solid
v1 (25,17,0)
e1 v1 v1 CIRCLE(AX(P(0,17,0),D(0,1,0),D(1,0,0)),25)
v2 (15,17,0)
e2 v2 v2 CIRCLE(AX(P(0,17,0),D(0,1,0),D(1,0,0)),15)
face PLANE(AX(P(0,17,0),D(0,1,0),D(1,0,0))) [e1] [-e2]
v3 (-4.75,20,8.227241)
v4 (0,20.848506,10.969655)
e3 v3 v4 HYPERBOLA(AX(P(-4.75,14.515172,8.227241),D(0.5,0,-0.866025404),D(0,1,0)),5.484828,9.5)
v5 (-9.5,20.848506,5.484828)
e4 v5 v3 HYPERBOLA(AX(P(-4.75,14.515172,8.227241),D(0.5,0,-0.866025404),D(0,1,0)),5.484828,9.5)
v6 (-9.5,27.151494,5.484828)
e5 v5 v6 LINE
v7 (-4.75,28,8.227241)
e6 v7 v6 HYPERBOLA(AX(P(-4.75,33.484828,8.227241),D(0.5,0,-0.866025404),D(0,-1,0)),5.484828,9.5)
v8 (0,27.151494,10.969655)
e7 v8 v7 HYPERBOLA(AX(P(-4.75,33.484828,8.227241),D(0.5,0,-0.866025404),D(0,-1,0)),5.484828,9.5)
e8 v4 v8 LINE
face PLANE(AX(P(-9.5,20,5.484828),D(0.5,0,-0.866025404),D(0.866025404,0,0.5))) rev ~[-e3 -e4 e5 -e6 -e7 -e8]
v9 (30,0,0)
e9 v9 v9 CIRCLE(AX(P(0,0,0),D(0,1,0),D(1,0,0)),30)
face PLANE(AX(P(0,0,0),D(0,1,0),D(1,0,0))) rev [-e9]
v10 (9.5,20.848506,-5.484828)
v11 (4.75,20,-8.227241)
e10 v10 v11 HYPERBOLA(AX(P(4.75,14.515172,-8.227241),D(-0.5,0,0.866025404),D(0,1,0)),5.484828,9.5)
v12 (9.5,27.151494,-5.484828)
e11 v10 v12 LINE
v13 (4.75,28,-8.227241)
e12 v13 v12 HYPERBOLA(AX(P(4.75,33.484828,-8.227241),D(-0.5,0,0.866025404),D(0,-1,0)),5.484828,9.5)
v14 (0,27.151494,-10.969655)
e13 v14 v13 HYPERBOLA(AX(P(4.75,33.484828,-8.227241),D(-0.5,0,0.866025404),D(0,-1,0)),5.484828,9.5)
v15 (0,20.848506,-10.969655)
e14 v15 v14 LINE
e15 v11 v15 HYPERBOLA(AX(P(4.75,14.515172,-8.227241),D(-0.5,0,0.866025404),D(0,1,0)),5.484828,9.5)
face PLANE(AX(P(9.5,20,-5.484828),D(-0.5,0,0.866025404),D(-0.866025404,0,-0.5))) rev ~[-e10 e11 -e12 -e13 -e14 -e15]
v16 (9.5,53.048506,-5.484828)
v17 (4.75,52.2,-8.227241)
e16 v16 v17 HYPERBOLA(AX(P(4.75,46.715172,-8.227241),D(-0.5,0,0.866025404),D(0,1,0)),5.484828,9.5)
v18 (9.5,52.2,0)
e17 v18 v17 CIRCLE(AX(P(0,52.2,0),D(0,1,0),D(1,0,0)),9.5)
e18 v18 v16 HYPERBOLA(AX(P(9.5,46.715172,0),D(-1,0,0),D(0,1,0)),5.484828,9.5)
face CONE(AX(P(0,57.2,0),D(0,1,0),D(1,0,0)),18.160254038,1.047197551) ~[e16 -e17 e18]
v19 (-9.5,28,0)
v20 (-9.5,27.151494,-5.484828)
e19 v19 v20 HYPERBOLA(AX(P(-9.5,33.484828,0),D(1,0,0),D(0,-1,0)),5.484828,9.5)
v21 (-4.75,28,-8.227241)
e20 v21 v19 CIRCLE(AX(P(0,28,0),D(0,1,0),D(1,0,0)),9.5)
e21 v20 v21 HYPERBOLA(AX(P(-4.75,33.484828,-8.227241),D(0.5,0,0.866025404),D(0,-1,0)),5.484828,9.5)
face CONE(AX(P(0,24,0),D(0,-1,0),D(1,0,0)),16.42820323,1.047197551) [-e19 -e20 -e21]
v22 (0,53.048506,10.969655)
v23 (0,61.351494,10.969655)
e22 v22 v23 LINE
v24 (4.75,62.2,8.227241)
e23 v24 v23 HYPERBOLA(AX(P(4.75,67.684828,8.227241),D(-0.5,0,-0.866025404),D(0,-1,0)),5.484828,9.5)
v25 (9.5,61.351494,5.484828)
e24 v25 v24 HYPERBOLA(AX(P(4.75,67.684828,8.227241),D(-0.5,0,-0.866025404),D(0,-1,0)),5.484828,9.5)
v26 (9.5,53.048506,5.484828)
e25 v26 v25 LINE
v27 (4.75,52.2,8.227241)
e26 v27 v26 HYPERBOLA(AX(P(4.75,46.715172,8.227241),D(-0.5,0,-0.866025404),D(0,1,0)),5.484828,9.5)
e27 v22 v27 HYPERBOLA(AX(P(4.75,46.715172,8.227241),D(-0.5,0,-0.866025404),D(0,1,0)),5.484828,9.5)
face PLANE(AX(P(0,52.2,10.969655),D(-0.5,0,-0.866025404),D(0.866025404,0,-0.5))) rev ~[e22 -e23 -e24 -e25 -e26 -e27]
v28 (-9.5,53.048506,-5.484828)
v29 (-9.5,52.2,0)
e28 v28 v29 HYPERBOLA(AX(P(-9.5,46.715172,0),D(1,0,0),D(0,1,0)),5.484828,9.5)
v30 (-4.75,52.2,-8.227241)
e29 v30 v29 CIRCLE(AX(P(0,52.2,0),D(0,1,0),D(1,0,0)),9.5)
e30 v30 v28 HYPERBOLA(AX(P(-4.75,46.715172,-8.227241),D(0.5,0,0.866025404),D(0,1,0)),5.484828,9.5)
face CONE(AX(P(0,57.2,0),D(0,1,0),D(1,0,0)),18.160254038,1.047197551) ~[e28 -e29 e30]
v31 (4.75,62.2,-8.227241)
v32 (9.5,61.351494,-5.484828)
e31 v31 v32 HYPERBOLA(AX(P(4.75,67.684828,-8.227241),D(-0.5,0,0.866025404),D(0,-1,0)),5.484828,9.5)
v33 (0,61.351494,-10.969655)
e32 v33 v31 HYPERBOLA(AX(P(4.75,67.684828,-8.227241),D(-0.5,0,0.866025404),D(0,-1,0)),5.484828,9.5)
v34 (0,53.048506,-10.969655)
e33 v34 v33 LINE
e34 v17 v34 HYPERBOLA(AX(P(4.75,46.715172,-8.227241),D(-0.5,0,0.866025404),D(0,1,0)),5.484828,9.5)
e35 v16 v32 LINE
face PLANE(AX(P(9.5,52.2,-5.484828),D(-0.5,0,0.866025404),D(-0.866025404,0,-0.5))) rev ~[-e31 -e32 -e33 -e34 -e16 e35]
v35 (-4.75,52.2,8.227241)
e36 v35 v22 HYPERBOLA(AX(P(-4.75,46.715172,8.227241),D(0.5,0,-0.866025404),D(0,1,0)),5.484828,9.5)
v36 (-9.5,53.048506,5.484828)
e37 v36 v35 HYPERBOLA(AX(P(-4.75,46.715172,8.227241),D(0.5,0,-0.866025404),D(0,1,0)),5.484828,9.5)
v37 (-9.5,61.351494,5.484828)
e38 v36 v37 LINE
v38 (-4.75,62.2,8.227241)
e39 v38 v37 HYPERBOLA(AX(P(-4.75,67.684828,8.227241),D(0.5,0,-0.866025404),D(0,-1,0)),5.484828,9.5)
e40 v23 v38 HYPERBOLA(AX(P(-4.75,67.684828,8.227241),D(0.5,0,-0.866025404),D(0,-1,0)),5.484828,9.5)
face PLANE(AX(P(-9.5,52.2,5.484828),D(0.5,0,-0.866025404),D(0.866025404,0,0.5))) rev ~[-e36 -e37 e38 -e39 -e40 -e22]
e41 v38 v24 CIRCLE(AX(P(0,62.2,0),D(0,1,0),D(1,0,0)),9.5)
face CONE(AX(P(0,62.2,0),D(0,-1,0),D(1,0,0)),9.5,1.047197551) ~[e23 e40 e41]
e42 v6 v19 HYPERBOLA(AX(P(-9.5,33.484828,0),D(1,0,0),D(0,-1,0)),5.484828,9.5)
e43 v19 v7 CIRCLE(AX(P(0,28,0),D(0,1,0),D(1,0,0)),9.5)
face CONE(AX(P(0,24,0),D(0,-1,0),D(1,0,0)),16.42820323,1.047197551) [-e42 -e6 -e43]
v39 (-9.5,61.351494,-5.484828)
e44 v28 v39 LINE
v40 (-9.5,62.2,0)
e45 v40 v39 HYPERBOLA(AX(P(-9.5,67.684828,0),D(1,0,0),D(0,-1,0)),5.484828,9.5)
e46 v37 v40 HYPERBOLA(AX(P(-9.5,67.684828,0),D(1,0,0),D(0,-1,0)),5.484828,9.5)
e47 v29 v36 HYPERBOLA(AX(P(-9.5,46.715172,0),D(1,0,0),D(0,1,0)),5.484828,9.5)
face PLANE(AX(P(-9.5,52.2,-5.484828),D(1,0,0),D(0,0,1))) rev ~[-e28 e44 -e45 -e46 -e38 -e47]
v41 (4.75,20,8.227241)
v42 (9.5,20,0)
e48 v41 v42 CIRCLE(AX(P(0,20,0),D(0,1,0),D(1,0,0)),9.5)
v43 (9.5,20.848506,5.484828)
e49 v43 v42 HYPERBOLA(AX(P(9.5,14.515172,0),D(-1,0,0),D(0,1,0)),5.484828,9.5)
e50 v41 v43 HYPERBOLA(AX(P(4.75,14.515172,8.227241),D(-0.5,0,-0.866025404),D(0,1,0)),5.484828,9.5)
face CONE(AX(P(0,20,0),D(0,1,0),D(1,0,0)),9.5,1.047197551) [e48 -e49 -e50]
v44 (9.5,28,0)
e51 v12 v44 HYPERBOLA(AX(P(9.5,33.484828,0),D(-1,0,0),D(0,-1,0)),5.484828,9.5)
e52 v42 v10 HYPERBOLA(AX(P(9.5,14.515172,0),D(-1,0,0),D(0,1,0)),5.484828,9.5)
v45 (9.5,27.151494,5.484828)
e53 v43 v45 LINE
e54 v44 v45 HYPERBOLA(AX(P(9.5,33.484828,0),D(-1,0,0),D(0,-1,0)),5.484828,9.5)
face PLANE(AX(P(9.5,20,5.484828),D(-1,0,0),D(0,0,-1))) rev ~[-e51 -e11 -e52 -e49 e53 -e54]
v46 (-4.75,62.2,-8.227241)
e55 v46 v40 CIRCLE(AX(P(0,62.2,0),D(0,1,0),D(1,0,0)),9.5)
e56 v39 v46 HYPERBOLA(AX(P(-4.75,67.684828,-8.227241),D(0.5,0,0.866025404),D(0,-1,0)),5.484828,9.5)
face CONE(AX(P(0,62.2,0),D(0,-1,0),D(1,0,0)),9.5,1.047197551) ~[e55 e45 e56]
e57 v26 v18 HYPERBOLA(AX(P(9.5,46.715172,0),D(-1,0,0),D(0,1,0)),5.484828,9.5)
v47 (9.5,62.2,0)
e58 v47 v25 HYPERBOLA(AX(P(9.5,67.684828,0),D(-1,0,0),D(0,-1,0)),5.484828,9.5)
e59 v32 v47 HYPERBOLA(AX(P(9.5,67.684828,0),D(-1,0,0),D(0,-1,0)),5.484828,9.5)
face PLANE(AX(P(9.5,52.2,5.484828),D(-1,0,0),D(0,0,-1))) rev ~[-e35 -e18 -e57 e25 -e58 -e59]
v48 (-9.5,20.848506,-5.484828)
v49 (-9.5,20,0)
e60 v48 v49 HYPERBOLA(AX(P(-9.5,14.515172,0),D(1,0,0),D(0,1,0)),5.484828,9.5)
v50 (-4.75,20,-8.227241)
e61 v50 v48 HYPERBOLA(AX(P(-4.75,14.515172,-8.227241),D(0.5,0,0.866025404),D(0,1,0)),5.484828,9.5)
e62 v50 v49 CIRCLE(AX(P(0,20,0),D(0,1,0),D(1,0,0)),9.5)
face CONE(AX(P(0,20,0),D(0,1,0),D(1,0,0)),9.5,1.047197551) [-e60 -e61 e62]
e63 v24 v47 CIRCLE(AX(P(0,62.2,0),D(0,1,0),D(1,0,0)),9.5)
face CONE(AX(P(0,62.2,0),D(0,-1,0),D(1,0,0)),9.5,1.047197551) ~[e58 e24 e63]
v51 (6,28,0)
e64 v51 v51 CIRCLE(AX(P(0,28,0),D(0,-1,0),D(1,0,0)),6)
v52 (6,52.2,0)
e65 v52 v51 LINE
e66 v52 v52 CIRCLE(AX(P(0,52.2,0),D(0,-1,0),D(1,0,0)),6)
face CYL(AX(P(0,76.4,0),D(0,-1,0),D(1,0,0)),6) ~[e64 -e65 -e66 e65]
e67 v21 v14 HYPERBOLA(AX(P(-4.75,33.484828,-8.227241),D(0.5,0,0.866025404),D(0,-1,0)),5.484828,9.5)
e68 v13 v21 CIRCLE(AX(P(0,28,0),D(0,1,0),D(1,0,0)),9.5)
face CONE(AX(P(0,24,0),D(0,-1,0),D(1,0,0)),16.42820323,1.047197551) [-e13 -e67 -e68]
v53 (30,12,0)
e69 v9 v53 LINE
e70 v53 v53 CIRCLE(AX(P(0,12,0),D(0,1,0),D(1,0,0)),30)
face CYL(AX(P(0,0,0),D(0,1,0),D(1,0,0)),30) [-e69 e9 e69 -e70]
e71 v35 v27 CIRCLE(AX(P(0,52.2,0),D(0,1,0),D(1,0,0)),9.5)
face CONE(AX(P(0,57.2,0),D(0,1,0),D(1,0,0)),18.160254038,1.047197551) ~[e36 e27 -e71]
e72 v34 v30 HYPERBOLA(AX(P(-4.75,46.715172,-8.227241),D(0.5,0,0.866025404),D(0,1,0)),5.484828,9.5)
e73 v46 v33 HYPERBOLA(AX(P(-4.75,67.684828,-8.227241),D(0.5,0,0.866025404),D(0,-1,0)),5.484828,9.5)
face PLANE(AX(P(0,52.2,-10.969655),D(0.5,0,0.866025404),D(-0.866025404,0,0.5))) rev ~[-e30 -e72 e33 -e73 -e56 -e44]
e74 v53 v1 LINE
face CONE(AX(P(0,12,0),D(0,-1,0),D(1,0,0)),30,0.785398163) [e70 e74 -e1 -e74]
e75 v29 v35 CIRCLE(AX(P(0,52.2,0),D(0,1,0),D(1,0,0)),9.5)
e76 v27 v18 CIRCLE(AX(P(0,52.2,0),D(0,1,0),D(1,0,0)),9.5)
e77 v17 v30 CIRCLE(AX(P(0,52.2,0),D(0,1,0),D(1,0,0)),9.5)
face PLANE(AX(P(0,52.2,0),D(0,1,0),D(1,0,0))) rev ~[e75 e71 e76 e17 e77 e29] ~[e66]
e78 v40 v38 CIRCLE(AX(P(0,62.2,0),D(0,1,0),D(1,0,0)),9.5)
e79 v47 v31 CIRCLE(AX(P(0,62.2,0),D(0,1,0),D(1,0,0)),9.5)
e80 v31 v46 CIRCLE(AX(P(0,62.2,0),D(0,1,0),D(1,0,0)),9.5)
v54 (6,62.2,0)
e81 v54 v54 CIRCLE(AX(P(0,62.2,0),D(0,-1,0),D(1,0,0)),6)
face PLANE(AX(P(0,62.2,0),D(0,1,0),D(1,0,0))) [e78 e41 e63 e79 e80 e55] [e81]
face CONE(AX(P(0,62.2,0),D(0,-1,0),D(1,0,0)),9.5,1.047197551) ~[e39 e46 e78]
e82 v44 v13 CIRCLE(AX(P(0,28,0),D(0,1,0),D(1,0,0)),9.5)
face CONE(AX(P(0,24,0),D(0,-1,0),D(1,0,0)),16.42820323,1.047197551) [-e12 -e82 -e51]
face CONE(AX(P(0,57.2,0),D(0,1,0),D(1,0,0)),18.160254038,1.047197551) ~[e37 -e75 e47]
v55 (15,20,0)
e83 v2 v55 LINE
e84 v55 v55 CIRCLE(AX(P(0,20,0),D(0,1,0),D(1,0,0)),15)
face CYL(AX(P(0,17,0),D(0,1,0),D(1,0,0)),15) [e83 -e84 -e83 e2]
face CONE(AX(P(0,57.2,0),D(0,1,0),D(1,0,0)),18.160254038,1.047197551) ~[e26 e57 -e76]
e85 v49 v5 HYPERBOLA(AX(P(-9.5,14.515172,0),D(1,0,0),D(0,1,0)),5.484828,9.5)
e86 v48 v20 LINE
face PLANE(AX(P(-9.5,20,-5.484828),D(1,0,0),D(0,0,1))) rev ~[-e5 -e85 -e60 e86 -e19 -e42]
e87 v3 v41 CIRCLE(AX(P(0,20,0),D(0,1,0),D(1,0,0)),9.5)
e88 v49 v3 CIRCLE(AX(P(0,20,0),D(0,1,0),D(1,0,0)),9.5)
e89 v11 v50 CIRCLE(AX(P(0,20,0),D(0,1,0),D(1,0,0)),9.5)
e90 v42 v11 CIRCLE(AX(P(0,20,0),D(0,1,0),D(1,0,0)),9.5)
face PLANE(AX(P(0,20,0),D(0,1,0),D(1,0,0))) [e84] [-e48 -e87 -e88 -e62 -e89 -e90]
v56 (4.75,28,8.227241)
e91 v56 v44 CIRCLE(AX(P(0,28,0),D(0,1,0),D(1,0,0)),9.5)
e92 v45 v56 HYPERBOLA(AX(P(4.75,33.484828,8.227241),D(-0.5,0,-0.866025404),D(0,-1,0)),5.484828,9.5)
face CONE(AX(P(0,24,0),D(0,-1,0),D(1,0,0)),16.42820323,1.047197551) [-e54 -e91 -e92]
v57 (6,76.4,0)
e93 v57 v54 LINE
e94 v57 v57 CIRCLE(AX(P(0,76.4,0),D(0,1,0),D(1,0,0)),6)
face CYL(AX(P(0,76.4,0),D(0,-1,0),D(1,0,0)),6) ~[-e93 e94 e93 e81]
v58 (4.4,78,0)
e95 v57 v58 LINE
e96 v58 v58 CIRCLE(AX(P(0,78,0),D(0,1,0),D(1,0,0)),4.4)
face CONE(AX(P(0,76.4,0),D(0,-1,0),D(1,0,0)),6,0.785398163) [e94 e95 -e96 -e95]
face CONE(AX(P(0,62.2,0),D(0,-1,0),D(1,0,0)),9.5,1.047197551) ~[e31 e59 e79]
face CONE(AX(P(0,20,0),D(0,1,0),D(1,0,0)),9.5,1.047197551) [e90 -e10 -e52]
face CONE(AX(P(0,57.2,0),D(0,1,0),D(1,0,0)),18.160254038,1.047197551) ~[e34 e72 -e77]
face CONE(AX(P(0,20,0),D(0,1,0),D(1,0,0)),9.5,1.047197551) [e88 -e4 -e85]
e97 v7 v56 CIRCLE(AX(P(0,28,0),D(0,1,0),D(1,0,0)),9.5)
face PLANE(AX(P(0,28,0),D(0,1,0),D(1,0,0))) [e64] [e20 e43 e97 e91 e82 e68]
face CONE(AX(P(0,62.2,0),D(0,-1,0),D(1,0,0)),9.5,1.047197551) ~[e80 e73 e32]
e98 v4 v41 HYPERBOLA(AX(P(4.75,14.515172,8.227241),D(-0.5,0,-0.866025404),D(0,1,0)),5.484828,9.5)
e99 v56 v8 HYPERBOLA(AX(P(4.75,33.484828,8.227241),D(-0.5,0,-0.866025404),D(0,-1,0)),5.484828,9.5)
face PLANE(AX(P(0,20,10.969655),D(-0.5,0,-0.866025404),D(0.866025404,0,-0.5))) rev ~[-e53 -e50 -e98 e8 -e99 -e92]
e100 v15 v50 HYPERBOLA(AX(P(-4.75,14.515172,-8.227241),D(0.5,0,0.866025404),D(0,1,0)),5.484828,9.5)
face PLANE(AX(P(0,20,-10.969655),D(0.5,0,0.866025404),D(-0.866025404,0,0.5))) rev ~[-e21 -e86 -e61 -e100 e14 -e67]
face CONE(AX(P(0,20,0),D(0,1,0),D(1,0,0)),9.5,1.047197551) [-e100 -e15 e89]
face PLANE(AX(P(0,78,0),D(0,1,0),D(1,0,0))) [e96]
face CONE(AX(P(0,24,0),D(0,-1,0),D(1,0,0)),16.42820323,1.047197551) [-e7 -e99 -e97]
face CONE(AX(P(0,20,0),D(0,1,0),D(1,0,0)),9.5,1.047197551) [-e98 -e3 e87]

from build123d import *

# Parameters (mm, degrees)
EXTRUDE_1_DEPTH = 8
EXTRUDE_2_DEPTH = 10


with BuildPart() as part:
    # Эскиз1 → Повернуть1 (revolve)
    with BuildSketch(Plane.XY, mode=Mode.PRIVATE) as revolve_1_sk:
        Polygon((0, 0), (-30, 0), (-30, 12), (-25, 17), (-15, 17), (-15, 20), (-6, 20), (-6, 28), (-6, 76.4), (-4.4, 78), (0, 78), align=None)
    revolve(revolve_1_sk.sketch.rotate(Axis((0, 0, 0), (0, 1, 0)), 180), axis=Axis((0, 0, 0), (0, 1, 0)))  # turned: the seam where the file's is

    # Эскиз2 → Бобышка-Вытянуть1 (add)
    with BuildSketch(Plane(origin=(0, 20, 0), x_dir=(1, 0, 0), z_dir=(0, 1, 0))):
        Polygon((0, 10.969655115), (-9.5, 5.484827557), (-9.5, -5.484827557), (0, -10.969655115), (9.5, -5.484827557), (9.5, 5.484827557), align=None)
    extrude(amount=EXTRUDE_1_DEPTH)

    # Эскиз3 → Бобышка-Вытянуть2 (add)
    with BuildSketch(Plane(origin=(0, 52.2, 0), x_dir=(1, 0, 0), z_dir=(0, 1, 0))):
        Polygon((9.5, 5.484827557), (0, 10.969655115), (-9.5, 5.484827557), (-9.5, -5.484827557), (0, -10.969655115), (9.5, -5.484827557), align=None)
    extrude(amount=EXTRUDE_2_DEPTH)

    # Эскиз4 → Вырез-Повернуть2 (revolve, cut)
    with BuildSketch(Plane.XY, mode=Mode.PRIVATE) as cut_revolve_2_sk:
        Polygon((-18.160254038, 62.2), (-9.5, 62.2), (-18.160254038, 57.2), align=None)
        Polygon((-18.160254038, 52.2), (-18.160254038, 57.2), (-9.5, 52.2), align=None)
        Polygon((-16.42820323, 28), (-16.42820323, 24), (-9.5, 28), align=None)
        Polygon((-16.42820323, 24), (-16.42820323, 20), (-9.5, 20), align=None)
    revolve(cut_revolve_2_sk.sketch.rotate(Axis((0, 78, 0), (0, 1, 0)), 180), axis=Axis((0, 78, 0), (0, 1, 0)), mode=Mode.SUBTRACT)  # turned: the seam where the file's is


solid = part.part
